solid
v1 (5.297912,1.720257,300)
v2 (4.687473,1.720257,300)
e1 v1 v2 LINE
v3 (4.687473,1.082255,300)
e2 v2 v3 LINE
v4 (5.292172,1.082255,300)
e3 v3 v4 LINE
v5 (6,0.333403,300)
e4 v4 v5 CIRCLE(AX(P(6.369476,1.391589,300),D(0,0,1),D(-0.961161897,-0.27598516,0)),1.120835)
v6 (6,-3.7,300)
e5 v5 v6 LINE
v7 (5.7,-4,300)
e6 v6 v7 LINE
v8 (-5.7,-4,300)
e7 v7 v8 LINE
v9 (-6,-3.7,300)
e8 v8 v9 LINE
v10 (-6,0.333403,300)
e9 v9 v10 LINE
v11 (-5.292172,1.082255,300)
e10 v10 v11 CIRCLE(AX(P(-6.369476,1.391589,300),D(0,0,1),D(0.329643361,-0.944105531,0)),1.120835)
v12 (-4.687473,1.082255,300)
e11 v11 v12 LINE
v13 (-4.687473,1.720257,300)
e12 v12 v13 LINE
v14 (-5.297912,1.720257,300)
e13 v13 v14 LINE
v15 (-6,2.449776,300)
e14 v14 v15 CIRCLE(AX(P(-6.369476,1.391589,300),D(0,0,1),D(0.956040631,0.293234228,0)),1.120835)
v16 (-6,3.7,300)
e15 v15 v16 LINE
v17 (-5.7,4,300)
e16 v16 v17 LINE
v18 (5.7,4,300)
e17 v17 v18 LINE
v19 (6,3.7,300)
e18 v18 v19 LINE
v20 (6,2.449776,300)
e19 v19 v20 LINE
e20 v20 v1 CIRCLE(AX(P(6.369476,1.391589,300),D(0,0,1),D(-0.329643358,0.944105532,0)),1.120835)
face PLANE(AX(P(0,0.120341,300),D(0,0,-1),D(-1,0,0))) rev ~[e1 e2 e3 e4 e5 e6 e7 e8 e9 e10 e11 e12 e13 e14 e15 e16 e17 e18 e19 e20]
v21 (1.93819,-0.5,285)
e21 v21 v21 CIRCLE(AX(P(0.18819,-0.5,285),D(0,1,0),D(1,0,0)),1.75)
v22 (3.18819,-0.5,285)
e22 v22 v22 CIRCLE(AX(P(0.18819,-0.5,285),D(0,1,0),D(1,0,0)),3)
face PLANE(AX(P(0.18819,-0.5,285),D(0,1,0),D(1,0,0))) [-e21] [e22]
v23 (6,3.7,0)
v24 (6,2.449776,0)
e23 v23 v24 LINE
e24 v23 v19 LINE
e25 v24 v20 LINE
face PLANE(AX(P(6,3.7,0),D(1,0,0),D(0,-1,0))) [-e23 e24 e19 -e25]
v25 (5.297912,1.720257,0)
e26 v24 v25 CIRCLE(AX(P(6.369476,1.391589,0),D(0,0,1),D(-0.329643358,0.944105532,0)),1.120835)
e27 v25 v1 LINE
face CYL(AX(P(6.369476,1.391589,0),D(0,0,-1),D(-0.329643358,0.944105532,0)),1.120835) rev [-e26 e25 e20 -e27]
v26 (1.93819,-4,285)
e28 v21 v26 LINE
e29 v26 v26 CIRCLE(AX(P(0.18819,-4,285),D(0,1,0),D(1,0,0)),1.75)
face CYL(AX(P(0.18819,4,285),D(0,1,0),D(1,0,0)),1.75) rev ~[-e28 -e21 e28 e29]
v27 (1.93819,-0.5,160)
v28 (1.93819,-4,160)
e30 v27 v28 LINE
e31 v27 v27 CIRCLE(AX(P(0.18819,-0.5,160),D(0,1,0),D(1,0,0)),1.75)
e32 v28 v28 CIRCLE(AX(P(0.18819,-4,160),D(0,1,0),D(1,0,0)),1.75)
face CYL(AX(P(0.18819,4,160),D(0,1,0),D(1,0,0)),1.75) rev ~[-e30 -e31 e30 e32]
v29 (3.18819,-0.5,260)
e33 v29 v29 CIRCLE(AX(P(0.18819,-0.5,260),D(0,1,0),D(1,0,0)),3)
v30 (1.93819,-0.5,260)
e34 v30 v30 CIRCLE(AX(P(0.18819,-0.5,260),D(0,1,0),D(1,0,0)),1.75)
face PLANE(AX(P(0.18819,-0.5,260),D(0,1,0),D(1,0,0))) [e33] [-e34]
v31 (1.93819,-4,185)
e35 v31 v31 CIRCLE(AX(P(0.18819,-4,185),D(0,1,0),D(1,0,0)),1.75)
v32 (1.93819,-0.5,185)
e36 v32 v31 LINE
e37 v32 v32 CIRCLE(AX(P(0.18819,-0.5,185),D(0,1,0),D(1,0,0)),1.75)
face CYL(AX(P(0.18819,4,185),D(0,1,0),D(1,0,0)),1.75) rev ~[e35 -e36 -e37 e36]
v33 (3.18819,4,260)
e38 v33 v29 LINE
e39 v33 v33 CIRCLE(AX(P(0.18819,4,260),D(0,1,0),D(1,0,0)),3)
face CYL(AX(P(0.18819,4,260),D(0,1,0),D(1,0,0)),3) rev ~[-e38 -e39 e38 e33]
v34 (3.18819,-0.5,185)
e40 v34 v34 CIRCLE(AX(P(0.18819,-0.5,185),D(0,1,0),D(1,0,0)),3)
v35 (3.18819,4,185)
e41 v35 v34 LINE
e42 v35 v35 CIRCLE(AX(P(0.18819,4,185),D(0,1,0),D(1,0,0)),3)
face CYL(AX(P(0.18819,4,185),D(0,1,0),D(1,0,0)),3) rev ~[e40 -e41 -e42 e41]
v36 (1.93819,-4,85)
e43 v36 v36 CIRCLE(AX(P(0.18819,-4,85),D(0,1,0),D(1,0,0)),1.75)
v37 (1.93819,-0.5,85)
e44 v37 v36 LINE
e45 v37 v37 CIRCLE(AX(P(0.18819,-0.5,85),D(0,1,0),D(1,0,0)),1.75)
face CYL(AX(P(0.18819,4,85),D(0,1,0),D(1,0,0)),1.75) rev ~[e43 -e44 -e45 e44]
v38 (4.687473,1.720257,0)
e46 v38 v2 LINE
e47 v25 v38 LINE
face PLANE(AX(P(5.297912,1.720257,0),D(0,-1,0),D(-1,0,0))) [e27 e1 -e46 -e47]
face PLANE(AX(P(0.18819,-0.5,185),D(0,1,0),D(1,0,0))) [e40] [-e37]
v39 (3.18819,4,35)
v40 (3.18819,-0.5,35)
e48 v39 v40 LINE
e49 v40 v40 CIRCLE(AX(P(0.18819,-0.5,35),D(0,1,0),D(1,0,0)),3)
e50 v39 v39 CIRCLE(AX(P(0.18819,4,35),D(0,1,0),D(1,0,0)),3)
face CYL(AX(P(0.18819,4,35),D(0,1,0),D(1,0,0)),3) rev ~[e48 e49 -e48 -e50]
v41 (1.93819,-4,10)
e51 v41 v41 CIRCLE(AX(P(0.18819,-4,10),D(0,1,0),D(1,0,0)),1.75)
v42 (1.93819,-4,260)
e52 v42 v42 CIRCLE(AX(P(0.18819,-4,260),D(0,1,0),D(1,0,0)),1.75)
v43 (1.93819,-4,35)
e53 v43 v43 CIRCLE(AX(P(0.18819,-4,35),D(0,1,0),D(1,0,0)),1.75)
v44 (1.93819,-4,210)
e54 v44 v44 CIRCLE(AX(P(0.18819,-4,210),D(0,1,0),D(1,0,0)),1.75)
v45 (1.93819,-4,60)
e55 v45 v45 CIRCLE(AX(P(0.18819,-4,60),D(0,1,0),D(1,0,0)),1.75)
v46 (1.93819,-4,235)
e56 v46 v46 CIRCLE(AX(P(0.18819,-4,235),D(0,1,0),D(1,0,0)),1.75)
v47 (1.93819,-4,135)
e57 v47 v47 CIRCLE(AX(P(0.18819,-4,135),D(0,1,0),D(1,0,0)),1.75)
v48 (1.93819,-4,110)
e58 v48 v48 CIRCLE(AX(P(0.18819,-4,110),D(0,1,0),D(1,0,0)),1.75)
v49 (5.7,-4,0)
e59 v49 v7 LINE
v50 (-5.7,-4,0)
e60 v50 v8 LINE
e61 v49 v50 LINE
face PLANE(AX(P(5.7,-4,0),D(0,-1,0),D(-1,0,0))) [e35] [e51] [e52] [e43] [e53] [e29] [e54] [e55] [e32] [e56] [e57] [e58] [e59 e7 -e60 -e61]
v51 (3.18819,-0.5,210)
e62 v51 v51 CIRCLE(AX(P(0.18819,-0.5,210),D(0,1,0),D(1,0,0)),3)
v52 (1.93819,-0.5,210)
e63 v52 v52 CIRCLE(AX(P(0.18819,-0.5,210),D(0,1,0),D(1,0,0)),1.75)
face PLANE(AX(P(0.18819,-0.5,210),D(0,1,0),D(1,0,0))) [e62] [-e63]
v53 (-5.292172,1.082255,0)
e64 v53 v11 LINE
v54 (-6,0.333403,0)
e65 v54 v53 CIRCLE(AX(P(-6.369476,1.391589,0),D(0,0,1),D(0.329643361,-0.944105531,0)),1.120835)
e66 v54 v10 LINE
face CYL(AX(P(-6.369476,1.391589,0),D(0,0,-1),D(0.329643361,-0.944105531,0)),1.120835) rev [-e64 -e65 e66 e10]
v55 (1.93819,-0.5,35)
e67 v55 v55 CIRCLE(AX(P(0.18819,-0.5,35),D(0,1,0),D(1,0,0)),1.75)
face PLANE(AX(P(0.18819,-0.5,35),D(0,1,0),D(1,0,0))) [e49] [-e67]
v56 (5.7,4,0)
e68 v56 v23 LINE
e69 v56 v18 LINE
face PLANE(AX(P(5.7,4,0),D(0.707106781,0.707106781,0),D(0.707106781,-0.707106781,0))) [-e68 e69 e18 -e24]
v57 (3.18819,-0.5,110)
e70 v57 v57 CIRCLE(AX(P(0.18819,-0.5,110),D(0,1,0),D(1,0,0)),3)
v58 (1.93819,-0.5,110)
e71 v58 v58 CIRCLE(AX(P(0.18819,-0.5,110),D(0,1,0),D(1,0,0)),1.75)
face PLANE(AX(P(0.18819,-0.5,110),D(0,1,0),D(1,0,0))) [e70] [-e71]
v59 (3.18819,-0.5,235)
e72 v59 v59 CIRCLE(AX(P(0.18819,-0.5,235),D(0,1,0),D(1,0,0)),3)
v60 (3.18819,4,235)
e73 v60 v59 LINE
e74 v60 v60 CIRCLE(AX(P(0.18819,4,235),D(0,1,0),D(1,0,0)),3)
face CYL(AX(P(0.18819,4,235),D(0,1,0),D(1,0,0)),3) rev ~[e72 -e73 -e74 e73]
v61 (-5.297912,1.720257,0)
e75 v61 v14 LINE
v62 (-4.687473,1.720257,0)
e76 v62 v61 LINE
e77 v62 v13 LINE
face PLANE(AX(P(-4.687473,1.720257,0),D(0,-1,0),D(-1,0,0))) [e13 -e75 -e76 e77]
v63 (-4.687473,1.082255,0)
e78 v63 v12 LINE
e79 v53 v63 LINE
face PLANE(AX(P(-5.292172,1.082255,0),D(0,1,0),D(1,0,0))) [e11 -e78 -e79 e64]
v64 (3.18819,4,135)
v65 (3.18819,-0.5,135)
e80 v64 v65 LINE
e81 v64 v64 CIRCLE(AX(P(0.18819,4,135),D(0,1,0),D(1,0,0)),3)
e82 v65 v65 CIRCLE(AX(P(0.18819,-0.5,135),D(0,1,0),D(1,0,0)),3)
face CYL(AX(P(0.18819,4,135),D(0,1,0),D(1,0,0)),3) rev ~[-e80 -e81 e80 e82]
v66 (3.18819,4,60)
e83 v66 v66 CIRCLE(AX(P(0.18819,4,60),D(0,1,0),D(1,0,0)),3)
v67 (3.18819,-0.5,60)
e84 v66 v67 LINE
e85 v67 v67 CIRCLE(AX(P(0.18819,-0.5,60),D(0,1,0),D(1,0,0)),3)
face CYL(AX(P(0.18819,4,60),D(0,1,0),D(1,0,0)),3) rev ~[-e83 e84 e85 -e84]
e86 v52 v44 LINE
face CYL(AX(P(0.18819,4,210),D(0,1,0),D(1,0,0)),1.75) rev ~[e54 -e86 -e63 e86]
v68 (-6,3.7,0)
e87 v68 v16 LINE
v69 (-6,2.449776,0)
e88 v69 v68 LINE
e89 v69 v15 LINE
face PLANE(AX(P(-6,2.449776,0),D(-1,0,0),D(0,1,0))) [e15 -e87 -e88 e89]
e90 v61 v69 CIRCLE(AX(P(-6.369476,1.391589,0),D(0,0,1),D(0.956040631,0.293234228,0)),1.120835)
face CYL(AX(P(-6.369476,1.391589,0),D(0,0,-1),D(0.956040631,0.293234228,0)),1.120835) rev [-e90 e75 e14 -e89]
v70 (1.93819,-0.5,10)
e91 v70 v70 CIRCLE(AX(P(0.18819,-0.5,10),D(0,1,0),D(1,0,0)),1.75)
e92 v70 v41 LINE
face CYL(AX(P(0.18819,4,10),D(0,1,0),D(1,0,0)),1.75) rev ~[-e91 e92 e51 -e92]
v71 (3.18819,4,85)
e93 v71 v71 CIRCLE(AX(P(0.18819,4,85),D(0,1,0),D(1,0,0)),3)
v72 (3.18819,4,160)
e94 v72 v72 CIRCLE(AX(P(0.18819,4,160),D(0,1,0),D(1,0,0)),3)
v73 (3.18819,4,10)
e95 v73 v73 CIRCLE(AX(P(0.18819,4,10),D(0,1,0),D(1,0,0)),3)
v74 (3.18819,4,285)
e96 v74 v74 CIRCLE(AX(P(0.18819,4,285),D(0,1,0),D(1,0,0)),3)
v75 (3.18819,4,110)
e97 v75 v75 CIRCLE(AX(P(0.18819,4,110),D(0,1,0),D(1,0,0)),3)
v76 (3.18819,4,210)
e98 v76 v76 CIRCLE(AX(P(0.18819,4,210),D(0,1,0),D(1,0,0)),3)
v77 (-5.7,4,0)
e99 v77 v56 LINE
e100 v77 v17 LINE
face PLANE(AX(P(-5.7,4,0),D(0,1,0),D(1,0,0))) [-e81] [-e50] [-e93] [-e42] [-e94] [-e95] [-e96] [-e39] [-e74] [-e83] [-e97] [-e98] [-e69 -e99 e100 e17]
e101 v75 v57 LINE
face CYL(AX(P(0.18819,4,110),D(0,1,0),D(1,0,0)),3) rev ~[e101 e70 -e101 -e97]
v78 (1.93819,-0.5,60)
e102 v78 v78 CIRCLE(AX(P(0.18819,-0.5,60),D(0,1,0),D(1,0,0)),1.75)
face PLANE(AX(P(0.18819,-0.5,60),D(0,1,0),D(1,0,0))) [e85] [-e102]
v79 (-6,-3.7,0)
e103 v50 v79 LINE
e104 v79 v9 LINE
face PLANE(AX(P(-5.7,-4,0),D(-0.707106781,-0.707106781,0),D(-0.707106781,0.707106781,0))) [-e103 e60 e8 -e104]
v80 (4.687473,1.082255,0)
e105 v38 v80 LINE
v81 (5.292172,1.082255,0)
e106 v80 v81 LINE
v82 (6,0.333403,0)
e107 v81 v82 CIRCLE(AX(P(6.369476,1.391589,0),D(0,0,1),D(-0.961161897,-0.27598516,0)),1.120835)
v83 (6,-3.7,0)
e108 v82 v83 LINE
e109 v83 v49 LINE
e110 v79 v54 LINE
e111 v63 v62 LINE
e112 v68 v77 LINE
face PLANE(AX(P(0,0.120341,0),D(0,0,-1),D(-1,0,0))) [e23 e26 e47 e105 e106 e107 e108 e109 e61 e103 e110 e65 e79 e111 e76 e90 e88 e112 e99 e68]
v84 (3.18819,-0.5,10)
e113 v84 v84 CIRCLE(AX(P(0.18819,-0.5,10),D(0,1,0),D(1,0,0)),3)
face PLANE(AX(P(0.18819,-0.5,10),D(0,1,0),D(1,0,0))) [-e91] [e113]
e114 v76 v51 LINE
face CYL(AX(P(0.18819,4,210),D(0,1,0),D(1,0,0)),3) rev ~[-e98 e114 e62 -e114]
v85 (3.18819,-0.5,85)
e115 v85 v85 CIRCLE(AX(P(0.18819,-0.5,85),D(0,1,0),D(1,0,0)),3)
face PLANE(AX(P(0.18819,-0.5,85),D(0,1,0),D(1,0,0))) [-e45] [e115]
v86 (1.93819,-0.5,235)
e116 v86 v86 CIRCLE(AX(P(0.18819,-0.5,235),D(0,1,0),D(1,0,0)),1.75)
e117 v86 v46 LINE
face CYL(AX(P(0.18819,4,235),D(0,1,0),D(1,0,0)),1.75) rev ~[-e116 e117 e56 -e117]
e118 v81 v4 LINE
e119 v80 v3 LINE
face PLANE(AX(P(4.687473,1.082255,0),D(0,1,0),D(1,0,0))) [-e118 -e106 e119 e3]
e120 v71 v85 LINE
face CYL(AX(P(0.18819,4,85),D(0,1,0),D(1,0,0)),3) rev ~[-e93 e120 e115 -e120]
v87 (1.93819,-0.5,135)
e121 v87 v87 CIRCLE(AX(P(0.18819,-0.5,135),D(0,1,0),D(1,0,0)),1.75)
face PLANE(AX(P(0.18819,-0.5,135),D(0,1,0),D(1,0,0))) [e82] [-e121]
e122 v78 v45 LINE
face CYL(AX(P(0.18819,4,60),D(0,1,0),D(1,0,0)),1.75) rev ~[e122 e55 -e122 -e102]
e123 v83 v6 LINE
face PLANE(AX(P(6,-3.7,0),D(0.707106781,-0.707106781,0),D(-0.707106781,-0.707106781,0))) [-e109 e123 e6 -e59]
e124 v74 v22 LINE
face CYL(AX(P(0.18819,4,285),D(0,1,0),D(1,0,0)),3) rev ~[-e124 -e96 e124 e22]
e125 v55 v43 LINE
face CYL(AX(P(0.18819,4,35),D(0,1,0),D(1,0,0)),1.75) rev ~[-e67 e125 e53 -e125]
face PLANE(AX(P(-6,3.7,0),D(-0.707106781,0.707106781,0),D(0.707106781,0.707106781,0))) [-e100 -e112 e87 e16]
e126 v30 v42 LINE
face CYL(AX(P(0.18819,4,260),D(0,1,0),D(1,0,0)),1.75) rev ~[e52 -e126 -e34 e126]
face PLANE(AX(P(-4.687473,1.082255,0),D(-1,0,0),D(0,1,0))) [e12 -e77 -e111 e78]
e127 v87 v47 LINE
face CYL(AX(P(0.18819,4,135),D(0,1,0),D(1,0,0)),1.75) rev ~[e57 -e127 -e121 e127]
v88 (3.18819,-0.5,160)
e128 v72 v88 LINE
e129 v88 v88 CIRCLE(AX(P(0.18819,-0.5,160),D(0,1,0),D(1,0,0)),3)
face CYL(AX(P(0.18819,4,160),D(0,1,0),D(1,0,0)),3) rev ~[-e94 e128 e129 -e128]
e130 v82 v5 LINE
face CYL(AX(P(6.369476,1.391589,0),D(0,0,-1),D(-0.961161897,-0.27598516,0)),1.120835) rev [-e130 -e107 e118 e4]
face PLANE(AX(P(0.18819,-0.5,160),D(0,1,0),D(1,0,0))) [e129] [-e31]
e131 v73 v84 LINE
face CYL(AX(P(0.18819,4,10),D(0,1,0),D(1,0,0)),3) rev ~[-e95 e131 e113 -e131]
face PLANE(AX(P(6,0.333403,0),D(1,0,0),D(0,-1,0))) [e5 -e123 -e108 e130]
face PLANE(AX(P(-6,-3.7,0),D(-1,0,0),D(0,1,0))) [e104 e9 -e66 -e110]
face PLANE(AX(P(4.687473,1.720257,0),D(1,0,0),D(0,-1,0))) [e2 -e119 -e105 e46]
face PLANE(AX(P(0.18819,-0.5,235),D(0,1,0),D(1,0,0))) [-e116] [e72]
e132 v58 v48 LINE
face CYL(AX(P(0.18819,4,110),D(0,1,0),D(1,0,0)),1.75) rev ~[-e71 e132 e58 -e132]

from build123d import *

# Parameters (mm, degrees)
EXTRUDE_1_DEPTH        = 300
SKETCH_2_R             = 3
SKETCH_2_R_2           = 1.75
CUT_EXTRUDE_1_DEPTH    = 4.5
SKETCH_2_2_R           = 1.75
CUT_EXTRUDE_2_DEPTH    = 9
PATTERN_LINEAR_1_COUNT = 12
PATTERN_LINEAR_1_PITCH = 25


with BuildPart() as part:
    # Эскиз1 → Бобышка-Вытянуть1 (new body)
    with BuildSketch(Plane.XY):
        with BuildLine():
            Line((-6, 3.7), (-5.7, 4))
            Line((-5.7, 4), (5.7, 4))
            Line((5.7, 4), (6, 3.7))
            Line((6, 3.7), (6, 2.449776022))
            ThreePointArc((6, 2.449776022), (5.561887715, 2.168810579), (5.297911886, 1.720256551))
            Line((5.297911886, 1.720256551), (4.687472904, 1.720256551))
            Line((4.687472904, 1.720256551), (4.687472904, 1.082255421))
            Line((4.687472904, 1.082255421), (5.292171789, 1.082255421))
            ThreePointArc((5.292171789, 1.082255421), (5.554928022, 0.621665058), (6, 0.333402583))
            Line((6, 0.333402583), (6, -3.7))
            Line((6, -3.7), (5.7, -4))
            Line((5.7, -4), (-5.7, -4))
            Line((-5.7, -4), (-6, -3.7))
            Line((-6, -3.7), (-6, 0.333402583))
            ThreePointArc((-6, 0.333402583), (-5.554928022, 0.621665058), (-5.292171789, 1.082255421))
            Line((-5.292171789, 1.082255421), (-4.687472904, 1.082255421))
            Line((-4.687472904, 1.082255421), (-4.687472904, 1.720256551))
            Line((-4.687472904, 1.720256551), (-5.297911886, 1.720256551))
            ThreePointArc((-5.297911886, 1.720256551), (-5.561887715, 2.168810579), (-6, 2.449776022))
            Line((-6, 2.449776022), (-6, 3.7))
        make_face()
    extrude(amount=EXTRUDE_1_DEPTH)

    # Эскиз2 → Вырез-Вытянуть1 (cut)
    with BuildSketch(Plane(origin=(0, 4, 0), x_dir=(1, 0, 0), z_dir=(0, 1, 0))):
        with Locations((0.188190244, -10)):
            Circle(SKETCH_2_R)
        with Locations((0.188190244, -10)):
            Circle(SKETCH_2_R_2, mode=Mode.SUBTRACT)
    cut_extrude_1 = extrude(amount=-CUT_EXTRUDE_1_DEPTH, mode=Mode.SUBTRACT)

    # Эскиз2<2> → Вырез-Вытянуть2 (cut, through all)
    with BuildSketch(Plane(origin=(0, 4, 0), x_dir=(1, 0, 0), z_dir=(0, 1, 0))):
        with Locations((0.188190244, -10)):
            Circle(SKETCH_2_2_R)
    cut_extrude_2 = extrude(amount=-CUT_EXTRUDE_2_DEPTH, mode=Mode.SUBTRACT)

    # Линейный массив1: Вырез-Вытянуть1, Вырез-Вытянуть2 ×12
    with Locations(*[(0, 0, i * PATTERN_LINEAR_1_PITCH) for i in range(1, PATTERN_LINEAR_1_COUNT)]):
        add(cut_extrude_1, mode=Mode.SUBTRACT)
        add(cut_extrude_2, mode=Mode.SUBTRACT)


solid = part.part
